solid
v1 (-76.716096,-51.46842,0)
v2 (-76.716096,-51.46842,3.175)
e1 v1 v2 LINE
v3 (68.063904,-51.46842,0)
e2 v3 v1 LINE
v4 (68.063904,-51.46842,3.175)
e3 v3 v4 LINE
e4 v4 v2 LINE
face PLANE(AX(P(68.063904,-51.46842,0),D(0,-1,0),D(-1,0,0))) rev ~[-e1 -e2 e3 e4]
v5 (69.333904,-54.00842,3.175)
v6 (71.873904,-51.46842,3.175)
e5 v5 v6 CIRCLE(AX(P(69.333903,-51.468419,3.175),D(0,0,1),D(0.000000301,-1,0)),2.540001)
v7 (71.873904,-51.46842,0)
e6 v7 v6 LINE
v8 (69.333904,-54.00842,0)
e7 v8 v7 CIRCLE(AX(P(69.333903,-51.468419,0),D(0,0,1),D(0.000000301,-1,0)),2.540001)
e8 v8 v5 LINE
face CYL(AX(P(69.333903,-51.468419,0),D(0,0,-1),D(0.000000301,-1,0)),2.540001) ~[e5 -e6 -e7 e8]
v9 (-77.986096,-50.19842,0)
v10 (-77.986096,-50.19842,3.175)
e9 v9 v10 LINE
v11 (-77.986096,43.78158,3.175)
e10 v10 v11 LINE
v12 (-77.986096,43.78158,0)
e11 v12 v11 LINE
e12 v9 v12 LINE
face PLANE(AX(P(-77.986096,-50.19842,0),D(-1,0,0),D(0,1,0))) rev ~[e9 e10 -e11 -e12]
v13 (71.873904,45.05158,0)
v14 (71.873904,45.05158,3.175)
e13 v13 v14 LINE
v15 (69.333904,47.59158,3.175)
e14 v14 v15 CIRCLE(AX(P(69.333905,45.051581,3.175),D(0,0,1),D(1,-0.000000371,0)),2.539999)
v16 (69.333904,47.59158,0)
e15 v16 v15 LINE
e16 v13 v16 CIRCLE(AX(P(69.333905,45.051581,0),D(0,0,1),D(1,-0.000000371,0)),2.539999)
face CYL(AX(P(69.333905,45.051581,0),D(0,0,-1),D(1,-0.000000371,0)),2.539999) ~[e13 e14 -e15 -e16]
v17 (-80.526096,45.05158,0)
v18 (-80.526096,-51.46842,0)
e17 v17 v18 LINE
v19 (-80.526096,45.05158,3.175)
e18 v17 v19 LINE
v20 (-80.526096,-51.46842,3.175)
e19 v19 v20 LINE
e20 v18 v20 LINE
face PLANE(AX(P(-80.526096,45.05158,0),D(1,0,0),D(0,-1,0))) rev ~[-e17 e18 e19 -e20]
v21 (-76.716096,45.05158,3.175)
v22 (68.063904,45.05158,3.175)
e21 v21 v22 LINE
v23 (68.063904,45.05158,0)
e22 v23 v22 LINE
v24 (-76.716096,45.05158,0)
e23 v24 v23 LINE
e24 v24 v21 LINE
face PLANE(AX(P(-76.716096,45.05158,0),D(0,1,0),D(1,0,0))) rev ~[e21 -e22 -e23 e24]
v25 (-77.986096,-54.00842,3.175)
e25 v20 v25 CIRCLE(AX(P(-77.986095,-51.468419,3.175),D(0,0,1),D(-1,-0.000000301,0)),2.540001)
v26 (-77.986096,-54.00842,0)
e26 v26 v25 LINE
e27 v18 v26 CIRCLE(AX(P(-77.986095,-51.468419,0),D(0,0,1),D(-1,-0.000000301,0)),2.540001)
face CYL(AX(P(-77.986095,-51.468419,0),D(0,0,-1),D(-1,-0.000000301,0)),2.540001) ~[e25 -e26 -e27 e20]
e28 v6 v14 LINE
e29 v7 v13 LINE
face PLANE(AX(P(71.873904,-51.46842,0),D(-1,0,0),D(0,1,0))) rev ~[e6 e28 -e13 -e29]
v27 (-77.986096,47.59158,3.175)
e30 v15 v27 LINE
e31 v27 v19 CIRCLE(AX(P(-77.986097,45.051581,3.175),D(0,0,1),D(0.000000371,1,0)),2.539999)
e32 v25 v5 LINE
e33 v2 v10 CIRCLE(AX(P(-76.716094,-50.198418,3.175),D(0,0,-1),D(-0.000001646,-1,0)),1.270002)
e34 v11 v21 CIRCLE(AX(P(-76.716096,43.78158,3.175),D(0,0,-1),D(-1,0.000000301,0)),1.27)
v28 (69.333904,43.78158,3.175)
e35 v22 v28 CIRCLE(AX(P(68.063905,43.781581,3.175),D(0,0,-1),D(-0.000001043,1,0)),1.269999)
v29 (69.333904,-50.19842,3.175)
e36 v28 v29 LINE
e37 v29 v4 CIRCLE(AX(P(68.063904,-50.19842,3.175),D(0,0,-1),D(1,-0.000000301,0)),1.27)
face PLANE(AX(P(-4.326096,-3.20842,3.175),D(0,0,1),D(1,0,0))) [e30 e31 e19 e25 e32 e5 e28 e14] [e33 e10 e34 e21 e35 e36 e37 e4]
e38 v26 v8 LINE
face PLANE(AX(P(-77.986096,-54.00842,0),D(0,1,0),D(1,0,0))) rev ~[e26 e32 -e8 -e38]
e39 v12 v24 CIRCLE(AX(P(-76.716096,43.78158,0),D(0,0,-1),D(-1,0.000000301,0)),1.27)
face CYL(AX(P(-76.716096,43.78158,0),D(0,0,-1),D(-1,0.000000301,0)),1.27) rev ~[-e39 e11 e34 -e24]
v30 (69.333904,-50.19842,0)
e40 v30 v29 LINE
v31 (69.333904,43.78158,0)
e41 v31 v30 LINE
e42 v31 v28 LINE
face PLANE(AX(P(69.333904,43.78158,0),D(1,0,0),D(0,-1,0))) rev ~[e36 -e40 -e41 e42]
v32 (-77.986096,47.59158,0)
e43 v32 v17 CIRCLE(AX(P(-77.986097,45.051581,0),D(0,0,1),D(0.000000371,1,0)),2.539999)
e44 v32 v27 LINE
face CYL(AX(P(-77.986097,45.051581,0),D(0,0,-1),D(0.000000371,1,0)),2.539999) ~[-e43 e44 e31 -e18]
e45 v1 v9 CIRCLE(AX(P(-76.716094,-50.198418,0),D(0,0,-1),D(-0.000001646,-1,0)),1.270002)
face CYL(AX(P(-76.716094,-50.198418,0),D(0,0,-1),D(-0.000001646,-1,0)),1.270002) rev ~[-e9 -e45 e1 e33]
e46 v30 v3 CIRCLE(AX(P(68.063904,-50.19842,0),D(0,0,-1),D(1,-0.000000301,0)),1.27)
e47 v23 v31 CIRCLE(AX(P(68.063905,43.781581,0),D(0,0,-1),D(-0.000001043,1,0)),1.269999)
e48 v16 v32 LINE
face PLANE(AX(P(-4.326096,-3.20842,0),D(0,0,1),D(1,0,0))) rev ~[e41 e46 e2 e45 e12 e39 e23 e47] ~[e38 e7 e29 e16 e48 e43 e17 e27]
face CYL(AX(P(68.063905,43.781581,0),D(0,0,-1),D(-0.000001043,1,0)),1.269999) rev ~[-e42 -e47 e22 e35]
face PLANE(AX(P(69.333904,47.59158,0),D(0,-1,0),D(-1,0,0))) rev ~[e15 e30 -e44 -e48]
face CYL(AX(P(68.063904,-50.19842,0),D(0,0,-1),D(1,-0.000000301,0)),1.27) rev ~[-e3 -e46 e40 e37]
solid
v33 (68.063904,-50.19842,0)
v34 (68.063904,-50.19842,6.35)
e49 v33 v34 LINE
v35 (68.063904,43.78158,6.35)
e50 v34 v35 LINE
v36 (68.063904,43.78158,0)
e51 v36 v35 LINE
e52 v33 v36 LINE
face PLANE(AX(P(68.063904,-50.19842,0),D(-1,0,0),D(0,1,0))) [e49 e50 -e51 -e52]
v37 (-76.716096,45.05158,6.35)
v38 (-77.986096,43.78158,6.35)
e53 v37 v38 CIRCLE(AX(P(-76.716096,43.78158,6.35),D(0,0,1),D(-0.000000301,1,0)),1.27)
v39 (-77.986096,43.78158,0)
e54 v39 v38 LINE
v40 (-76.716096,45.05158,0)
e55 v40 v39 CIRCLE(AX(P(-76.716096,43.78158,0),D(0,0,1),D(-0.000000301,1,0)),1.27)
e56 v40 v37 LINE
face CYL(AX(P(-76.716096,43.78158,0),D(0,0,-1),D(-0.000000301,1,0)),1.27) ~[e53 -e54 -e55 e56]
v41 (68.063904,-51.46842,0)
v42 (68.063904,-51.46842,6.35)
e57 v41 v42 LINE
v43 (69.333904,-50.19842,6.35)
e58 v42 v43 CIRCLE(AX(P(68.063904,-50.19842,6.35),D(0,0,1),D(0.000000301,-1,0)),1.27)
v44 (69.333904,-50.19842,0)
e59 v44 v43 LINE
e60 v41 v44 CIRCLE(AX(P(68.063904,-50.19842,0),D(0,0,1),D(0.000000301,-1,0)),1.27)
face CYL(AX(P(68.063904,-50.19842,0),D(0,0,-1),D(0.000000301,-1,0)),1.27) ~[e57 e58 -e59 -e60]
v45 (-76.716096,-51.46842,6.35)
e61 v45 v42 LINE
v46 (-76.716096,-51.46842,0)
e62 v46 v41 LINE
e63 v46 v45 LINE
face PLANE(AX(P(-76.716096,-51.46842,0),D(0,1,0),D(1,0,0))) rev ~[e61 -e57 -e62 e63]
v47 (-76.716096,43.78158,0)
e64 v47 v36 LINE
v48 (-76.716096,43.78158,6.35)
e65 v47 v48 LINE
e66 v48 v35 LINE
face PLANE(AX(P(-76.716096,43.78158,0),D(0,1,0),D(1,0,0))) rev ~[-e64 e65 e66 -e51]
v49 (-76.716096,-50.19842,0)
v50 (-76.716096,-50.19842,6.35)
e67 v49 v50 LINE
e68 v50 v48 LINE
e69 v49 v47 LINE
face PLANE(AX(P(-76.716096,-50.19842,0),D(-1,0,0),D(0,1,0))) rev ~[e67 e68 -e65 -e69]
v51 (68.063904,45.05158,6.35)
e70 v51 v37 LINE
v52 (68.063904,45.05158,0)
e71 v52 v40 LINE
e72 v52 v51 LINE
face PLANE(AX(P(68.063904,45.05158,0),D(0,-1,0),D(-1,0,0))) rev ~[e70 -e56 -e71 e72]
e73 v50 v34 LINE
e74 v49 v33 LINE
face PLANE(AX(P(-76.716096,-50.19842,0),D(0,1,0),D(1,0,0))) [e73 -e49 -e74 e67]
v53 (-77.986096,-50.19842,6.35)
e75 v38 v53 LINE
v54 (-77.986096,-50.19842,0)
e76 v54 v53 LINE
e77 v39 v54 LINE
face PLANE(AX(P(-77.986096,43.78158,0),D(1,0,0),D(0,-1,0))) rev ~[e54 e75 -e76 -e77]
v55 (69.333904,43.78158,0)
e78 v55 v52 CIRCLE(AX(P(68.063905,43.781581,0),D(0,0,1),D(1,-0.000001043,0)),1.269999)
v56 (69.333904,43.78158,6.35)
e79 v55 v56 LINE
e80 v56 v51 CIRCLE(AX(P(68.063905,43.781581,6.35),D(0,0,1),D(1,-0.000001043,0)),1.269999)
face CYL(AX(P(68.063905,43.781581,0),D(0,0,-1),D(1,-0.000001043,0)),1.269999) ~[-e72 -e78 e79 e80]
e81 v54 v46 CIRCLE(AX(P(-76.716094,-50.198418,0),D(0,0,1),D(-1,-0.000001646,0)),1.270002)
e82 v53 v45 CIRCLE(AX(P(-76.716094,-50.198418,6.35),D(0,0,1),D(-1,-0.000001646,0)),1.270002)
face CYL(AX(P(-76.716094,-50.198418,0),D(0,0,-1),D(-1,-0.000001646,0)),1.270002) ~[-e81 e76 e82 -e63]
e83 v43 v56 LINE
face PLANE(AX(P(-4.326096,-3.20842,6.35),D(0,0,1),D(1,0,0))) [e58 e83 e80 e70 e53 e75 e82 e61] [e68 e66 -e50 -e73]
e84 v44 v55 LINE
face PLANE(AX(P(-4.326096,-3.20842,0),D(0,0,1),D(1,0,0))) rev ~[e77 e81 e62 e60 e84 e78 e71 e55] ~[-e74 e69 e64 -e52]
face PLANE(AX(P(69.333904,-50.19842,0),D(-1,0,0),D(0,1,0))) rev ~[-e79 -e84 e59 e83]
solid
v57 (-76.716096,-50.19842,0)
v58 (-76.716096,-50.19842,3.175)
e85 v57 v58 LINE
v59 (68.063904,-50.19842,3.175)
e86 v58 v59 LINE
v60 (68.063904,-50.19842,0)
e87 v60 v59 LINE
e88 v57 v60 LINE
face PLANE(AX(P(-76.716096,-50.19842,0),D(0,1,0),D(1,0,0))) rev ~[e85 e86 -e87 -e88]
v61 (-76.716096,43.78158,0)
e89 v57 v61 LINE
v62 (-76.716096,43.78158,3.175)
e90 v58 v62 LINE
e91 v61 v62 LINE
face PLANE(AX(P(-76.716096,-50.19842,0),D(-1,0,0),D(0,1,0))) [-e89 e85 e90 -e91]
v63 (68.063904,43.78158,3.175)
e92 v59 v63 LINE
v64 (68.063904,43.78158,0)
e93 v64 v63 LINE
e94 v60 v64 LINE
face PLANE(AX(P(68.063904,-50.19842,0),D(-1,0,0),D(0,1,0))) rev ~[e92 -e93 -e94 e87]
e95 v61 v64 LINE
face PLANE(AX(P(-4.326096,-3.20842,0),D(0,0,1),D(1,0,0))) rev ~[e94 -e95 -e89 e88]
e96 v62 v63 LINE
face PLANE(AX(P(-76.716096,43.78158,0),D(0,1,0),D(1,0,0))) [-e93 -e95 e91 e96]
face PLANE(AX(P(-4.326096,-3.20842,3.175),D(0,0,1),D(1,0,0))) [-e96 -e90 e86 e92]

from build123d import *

# Parameters (mm, degrees)
F0_W     = 144.78
F0_H     = 93.98
F1_DEPTH = 3.175
F2_DEPTH = 6.35


with BuildPart() as f1:
    # F0 (on Top) → F1 (new body)
    with BuildSketch(Plane.XY):
        with BuildLine():
            Line((69.333904, 47.59158), (-77.986096, 47.59158))
            ThreePointArc((-77.986096, 47.59158), (-79.782147, 46.847632), (-80.526096, 45.05158))
            Line((-80.526096, 45.05158), (-80.526096, -51.46842))
            ThreePointArc((-80.526096, -51.46842), (-79.782147, -53.264471), (-77.986096, -54.00842))
            Line((-77.986096, -54.00842), (69.333904, -54.00842))
            ThreePointArc((69.333904, -54.00842), (71.129955, -53.264471), (71.873904, -51.46842))
            Line((71.873904, -51.46842), (71.873904, 45.05158))
            ThreePointArc((71.873904, 45.05158), (71.129955, 46.847632), (69.333904, 47.59158))
        make_face()
        with BuildLine():
            ThreePointArc((-77.986096, 43.78158), (-77.614121, 44.679606), (-76.716096, 45.05158))
            Line((-76.716096, 45.05158), (68.063904, 45.05158))
            ThreePointArc((68.063904, 45.05158), (68.96193, 44.679606), (69.333904, 43.78158))
            Line((69.333904, 43.78158), (69.333904, -50.19842))
            ThreePointArc((69.333904, -50.19842), (68.96193, -51.096445), (68.063904, -51.46842))
            Line((68.063904, -51.46842), (-76.716096, -51.46842))
            ThreePointArc((-76.716096, -51.46842), (-77.614121, -51.096445), (-77.986096, -50.19842))
            Line((-77.986096, -50.19842), (-77.986096, 43.78158))
        make_face(mode=Mode.SUBTRACT)
        with Locations((-4.326096, -3.20842)):
            Rectangle(F0_W, F0_H)
    extrude(amount=F1_DEPTH)


with BuildPart() as f2:
    # F0 (on Top) → F2 (new body)
    with BuildSketch(Plane.XY):
        with BuildLine():
            Line((68.063904, 45.05158), (-76.716096, 45.05158))
            ThreePointArc((-76.716096, 45.05158), (-77.614121, 44.679606), (-77.986096, 43.78158))
            Line((-77.986096, 43.78158), (-77.986096, -50.19842))
            ThreePointArc((-77.986096, -50.19842), (-77.614121, -51.096445), (-76.716096, -51.46842))
            Line((-76.716096, -51.46842), (68.063904, -51.46842))
            ThreePointArc((68.063904, -51.46842), (68.96193, -51.096445), (69.333904, -50.19842))
            Line((69.333904, -50.19842), (69.333904, 43.78158))
            ThreePointArc((69.333904, 43.78158), (68.96193, 44.679606), (68.063904, 45.05158))
        make_face()
        with Locations((-4.326096, -3.20842)):
            Rectangle(F0_W, F0_H, mode=Mode.SUBTRACT)
    extrude(amount=F2_DEPTH)


solid = Compound([f1.part, f2.part])
